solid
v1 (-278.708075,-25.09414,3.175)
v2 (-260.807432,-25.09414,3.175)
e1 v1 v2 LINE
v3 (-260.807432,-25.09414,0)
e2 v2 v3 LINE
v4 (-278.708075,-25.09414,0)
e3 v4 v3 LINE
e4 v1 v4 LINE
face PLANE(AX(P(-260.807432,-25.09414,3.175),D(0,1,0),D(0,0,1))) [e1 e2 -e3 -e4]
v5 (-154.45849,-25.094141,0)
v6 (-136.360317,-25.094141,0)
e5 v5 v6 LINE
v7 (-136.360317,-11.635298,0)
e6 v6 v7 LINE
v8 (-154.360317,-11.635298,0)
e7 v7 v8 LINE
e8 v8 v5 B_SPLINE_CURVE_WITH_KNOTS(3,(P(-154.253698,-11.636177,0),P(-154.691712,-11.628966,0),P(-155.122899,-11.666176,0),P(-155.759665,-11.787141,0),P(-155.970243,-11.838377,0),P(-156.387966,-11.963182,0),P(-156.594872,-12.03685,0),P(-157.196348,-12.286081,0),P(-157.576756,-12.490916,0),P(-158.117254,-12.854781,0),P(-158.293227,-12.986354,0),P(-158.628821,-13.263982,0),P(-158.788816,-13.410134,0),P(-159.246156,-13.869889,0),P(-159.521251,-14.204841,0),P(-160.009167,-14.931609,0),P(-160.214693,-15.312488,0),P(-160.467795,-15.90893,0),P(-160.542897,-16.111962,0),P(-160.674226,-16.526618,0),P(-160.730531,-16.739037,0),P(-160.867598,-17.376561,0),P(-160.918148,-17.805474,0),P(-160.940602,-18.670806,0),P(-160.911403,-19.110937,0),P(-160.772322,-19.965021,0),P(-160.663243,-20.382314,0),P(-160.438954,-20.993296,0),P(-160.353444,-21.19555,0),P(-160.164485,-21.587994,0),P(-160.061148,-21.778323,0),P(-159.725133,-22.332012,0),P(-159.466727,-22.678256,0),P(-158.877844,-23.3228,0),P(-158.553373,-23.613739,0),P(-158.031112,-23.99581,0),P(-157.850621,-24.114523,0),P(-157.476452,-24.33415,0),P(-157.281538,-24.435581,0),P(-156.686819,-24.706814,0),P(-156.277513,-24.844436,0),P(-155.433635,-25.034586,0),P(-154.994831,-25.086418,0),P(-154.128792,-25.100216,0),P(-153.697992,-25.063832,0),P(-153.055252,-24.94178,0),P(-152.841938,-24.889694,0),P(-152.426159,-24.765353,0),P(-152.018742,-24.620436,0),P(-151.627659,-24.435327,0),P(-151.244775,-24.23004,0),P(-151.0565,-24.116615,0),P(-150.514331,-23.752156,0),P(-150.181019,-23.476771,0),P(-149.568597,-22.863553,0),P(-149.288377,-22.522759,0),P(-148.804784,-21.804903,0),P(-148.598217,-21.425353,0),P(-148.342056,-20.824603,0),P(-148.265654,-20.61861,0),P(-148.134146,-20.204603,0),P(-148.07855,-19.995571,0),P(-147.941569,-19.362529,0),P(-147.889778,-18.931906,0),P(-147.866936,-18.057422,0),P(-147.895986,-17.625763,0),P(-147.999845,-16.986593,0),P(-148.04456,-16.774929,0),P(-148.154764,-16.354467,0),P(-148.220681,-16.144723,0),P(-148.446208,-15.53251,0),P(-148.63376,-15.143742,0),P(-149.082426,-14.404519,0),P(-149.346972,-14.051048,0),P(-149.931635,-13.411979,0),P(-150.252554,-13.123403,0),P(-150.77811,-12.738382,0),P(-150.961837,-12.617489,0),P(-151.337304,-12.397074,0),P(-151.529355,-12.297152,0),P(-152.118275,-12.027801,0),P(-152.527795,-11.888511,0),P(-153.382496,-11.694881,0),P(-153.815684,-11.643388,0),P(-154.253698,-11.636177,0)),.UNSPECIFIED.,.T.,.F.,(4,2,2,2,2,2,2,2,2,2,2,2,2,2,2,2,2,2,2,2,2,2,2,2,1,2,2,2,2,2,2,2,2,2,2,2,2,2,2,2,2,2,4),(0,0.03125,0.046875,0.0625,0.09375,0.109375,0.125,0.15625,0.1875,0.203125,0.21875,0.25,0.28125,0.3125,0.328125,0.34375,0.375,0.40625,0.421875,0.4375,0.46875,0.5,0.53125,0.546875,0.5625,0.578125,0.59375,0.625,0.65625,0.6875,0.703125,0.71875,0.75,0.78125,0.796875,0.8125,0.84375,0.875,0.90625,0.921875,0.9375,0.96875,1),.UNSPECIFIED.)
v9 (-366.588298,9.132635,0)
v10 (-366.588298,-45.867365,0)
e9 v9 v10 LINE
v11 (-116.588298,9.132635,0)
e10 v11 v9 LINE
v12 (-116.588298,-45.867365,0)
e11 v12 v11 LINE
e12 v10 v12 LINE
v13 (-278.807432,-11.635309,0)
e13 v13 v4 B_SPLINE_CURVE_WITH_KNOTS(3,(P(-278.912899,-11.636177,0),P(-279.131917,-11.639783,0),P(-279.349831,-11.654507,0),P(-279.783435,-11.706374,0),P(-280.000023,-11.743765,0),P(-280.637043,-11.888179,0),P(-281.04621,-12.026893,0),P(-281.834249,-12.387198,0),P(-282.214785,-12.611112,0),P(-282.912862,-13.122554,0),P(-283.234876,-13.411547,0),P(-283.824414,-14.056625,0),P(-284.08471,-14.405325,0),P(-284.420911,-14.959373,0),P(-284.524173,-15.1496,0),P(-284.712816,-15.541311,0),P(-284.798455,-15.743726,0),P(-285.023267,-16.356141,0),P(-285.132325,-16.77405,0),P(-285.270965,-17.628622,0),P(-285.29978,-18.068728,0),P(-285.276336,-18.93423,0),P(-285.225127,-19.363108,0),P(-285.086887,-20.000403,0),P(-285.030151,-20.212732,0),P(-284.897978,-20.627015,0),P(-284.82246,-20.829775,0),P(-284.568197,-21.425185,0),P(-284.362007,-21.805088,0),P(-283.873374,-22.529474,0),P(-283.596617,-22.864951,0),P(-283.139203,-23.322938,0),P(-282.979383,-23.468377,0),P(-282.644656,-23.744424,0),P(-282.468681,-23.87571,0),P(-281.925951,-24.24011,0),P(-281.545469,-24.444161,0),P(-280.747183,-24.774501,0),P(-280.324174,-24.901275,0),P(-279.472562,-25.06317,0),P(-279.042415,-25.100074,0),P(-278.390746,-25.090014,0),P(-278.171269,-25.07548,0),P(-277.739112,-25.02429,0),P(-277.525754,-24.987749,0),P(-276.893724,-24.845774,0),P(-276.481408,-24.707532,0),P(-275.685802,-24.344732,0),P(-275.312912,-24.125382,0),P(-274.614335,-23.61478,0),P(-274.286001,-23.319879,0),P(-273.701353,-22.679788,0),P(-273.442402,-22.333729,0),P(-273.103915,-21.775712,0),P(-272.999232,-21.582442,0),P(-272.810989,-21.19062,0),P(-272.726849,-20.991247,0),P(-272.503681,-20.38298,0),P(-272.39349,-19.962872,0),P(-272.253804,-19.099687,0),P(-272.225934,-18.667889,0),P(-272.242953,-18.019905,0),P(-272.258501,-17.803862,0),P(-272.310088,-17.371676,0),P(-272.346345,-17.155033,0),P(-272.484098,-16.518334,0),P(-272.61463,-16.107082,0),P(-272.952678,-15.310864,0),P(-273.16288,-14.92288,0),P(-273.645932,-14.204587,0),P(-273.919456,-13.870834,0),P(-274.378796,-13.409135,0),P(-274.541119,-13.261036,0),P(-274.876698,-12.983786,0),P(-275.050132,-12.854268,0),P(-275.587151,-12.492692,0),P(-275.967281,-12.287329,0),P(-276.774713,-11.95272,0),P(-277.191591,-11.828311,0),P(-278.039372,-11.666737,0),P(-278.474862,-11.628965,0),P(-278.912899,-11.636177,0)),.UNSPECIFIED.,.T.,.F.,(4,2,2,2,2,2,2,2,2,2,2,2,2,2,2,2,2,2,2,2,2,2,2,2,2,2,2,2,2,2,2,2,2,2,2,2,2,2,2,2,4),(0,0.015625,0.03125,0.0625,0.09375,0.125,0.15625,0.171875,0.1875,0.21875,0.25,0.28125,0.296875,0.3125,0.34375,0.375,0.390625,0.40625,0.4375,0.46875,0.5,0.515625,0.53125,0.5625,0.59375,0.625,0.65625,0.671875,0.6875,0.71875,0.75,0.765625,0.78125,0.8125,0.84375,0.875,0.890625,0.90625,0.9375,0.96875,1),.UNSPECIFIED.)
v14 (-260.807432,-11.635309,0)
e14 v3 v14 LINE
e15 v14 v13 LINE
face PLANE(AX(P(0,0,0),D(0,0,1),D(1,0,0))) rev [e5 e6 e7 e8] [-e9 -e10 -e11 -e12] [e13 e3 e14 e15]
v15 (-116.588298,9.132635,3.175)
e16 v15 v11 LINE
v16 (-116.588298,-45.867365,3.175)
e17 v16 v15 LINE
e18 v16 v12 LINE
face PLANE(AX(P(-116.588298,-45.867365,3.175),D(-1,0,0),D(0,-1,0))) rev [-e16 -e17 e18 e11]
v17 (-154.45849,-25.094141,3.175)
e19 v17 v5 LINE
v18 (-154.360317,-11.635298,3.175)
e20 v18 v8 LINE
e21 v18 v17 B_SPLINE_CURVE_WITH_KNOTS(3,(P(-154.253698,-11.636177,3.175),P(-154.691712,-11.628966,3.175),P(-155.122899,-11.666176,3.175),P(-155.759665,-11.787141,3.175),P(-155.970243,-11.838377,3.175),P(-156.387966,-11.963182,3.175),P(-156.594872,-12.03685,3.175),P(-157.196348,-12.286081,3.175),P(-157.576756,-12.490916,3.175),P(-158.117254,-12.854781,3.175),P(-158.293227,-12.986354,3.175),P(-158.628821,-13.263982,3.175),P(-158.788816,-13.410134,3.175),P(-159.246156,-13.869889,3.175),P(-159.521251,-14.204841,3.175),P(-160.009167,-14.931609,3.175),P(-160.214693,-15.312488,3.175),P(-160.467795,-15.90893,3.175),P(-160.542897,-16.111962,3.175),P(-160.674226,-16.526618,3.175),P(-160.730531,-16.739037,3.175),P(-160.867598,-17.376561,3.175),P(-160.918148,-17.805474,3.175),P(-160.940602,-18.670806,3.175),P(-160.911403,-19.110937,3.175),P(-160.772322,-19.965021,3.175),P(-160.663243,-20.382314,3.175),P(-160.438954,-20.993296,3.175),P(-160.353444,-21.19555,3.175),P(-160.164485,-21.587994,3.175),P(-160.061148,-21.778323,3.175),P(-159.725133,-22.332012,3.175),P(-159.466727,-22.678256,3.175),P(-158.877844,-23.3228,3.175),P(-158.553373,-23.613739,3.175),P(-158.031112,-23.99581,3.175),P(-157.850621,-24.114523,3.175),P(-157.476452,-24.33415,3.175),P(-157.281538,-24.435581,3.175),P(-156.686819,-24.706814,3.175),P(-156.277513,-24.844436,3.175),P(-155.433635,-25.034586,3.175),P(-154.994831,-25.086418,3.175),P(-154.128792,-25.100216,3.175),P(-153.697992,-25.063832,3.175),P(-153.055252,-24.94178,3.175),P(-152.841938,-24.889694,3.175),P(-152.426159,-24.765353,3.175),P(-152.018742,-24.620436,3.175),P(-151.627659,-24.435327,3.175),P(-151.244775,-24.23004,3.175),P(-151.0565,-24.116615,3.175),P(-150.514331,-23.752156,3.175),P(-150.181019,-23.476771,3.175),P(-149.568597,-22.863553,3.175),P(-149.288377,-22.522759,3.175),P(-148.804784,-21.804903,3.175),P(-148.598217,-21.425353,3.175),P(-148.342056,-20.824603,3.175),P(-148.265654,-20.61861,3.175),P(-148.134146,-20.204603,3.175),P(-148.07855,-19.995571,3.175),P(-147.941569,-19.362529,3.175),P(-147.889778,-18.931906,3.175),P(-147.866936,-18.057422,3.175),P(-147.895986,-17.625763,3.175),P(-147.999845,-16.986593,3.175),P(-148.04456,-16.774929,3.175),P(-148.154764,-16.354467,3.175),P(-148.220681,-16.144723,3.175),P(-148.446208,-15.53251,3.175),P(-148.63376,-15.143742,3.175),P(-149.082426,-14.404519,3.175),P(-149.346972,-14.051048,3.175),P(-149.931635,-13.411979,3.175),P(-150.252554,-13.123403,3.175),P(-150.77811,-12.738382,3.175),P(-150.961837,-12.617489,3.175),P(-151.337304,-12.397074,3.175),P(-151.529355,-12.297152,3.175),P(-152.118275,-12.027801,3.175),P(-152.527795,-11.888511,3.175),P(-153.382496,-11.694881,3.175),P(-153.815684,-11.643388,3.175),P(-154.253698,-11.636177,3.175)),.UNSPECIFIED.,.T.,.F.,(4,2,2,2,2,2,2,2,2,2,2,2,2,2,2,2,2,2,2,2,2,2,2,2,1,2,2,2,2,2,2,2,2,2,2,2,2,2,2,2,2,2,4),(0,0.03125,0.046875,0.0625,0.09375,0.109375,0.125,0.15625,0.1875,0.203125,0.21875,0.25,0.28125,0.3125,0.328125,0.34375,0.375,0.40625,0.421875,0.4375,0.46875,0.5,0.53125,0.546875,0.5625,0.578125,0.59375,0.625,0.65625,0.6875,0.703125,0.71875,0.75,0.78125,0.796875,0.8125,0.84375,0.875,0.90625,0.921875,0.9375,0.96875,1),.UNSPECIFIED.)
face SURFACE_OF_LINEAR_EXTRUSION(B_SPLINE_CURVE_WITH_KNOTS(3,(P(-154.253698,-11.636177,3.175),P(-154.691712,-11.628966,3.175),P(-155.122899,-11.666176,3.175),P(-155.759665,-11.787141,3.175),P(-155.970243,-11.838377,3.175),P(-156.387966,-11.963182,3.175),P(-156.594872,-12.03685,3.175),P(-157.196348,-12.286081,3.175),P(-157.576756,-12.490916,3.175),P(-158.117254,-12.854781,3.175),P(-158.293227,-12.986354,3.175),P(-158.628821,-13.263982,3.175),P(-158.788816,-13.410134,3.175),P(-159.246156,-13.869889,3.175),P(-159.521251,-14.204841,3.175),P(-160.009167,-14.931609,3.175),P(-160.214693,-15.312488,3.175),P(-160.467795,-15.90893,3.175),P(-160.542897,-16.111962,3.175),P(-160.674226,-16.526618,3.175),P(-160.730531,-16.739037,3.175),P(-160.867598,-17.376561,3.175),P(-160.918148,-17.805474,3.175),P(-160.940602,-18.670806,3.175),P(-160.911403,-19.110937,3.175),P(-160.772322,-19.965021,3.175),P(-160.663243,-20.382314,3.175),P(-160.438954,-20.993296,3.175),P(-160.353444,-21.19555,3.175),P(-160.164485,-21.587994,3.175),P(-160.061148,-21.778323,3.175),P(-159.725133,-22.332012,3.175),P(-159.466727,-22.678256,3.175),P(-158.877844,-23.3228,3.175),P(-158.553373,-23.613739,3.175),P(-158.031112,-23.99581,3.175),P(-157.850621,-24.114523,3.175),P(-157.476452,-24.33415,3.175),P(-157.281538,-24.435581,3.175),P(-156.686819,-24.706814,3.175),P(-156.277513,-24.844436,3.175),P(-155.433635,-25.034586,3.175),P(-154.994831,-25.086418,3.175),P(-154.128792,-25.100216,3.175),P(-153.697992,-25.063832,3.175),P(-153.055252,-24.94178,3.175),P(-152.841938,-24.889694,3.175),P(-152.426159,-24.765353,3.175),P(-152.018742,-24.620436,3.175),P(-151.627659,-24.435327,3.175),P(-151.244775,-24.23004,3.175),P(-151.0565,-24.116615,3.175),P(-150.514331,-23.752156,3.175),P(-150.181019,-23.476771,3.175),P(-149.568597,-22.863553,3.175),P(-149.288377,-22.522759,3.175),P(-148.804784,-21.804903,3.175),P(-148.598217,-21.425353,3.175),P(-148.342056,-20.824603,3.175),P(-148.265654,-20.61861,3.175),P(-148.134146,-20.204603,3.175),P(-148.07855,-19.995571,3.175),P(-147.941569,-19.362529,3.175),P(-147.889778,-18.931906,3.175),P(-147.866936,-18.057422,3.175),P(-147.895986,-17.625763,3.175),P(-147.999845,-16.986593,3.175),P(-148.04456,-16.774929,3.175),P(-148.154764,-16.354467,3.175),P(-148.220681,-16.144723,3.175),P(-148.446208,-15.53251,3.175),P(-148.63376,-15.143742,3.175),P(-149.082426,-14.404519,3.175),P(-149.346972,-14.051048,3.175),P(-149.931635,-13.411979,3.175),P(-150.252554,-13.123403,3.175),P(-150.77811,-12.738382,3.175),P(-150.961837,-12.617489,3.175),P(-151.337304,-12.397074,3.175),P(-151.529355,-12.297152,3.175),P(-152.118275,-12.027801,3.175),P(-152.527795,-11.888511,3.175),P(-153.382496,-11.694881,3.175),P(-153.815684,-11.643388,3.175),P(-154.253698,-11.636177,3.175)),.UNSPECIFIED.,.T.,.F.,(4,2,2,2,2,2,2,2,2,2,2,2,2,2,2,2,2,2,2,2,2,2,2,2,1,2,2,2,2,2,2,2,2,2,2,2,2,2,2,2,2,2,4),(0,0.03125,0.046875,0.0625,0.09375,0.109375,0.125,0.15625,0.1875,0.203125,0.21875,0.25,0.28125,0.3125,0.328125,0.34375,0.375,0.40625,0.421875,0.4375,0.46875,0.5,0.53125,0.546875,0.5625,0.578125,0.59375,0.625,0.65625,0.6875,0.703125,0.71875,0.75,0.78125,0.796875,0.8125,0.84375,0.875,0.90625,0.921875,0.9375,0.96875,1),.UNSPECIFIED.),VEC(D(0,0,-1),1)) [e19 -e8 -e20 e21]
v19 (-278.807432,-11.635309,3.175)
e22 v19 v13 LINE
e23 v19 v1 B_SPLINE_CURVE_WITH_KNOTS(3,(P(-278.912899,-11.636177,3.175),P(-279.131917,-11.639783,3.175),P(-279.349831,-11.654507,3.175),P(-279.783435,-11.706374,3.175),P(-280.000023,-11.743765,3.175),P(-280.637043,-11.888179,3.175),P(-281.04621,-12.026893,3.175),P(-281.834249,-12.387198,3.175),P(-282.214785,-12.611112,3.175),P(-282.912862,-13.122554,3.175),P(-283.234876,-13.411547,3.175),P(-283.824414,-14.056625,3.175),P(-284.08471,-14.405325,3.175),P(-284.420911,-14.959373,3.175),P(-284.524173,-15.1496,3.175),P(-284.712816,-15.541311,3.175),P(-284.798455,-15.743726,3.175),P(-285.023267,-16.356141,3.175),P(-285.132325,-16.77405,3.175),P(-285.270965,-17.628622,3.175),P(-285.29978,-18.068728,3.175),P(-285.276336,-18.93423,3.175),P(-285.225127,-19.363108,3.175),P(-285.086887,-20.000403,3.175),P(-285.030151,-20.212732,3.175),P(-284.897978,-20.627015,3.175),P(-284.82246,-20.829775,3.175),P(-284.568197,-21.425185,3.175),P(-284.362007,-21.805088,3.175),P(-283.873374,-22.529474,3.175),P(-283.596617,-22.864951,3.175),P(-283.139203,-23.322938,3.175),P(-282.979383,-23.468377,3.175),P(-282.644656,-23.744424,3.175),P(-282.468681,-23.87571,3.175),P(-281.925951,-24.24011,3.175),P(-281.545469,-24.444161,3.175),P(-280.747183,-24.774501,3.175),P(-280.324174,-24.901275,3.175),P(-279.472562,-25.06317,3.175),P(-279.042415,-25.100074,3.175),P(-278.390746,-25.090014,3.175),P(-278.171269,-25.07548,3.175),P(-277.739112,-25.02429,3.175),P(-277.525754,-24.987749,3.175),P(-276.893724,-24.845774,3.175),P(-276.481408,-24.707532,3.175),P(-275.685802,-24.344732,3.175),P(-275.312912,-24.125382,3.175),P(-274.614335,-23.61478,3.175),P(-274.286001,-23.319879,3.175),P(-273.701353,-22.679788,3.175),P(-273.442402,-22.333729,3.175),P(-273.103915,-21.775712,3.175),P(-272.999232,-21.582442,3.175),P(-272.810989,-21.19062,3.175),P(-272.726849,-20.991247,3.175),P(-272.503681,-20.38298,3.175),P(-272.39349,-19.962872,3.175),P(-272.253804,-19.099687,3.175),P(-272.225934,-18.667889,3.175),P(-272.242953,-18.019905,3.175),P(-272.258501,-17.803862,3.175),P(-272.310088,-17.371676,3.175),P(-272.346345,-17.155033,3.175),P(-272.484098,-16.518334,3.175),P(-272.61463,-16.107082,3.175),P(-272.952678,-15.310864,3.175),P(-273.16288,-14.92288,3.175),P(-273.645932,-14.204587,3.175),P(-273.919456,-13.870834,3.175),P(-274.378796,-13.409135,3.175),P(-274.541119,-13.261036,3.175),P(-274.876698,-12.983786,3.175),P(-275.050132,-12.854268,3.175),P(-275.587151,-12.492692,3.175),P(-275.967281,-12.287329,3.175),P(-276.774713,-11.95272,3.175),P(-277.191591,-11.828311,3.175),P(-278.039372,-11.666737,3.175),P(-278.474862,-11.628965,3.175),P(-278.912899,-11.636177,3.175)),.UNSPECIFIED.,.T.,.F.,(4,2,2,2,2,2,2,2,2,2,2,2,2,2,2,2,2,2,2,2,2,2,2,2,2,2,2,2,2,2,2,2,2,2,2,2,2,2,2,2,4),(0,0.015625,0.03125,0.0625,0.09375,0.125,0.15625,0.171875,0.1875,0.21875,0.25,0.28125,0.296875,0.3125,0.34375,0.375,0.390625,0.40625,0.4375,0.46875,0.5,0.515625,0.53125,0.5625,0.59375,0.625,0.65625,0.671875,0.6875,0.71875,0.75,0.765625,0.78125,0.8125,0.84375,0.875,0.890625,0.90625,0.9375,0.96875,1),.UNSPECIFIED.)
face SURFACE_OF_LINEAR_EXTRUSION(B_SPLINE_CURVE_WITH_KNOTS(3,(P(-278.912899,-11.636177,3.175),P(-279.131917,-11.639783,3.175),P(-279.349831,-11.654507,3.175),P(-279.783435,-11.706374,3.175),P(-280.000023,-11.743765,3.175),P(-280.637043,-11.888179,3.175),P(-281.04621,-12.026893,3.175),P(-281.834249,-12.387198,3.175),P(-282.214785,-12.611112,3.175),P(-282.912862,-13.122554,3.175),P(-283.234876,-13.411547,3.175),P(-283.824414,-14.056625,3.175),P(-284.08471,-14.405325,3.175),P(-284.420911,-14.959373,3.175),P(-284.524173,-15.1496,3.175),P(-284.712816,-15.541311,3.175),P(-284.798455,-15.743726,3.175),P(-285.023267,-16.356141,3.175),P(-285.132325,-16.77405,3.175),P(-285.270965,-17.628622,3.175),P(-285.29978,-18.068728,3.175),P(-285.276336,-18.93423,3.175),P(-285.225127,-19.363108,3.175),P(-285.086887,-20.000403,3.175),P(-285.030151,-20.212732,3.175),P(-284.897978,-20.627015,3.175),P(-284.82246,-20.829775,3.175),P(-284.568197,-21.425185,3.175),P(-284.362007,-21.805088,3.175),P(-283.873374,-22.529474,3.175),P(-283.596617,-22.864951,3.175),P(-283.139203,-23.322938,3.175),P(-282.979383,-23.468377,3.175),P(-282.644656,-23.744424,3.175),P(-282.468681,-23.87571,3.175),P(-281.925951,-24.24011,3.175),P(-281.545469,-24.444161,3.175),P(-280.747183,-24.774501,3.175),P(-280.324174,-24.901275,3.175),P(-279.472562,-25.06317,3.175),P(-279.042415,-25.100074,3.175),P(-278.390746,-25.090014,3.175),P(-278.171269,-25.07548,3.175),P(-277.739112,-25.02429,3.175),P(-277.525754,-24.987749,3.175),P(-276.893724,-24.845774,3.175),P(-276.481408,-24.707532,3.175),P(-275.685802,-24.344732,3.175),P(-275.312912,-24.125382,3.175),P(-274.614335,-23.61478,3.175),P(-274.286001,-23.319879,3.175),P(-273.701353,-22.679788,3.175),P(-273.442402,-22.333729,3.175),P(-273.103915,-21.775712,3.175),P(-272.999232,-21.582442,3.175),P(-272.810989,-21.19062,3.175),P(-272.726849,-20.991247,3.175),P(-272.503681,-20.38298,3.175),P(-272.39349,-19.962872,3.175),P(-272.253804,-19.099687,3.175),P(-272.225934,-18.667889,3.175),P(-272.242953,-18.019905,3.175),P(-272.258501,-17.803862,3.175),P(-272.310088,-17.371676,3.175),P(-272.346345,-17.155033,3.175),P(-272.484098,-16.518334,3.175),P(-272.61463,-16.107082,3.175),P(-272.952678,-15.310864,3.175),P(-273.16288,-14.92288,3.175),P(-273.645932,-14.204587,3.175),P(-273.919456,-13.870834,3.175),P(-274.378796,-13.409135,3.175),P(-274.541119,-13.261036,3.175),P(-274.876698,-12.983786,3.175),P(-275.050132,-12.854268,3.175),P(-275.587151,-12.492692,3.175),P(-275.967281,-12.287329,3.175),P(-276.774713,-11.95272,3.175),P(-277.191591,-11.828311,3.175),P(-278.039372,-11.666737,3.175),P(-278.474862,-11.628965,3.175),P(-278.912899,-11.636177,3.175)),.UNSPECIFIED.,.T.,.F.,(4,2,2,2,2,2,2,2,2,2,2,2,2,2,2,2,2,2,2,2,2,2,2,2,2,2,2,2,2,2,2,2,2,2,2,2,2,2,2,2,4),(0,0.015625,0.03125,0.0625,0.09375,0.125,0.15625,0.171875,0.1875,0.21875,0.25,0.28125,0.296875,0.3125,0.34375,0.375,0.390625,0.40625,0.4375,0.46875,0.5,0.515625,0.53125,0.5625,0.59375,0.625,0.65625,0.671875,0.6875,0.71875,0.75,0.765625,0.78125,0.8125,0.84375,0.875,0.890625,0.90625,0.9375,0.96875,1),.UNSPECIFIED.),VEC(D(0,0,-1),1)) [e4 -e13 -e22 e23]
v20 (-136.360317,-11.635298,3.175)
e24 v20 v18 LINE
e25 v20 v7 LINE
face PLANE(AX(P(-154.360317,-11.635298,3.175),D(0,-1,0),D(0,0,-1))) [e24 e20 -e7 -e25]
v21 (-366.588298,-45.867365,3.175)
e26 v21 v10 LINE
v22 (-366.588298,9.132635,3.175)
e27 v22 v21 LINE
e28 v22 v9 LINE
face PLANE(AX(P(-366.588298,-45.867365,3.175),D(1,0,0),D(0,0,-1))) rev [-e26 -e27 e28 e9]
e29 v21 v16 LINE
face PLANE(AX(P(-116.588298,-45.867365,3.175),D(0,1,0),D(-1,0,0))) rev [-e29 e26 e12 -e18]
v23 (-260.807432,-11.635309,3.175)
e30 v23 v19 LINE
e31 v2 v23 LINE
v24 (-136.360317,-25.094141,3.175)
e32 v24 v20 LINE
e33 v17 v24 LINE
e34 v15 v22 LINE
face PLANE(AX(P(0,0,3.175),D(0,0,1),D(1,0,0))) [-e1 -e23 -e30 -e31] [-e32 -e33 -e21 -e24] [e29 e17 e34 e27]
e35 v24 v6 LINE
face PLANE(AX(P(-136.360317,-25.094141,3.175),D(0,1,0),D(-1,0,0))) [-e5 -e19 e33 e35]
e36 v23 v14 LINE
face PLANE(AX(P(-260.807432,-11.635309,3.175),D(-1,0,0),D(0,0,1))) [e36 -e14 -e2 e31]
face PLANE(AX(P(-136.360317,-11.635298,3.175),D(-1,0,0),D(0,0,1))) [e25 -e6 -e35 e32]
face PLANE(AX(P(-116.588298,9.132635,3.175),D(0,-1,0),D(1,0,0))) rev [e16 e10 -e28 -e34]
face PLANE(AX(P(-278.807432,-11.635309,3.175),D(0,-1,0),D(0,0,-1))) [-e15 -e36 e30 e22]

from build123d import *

# Parameters (mm, degrees)
SKETCH1_W           = 250
SKETCH1_H           = 55
BOSS_EXTRUDE1_DEPTH = 3.175


with BuildPart() as part:
    # Sketch1 → Boss-Extrude1 (new body)
    with BuildSketch(Plane.XY):
        with Locations((-241.58829827, -18.367364772)):
            Rectangle(SKETCH1_W, SKETCH1_H)
        with BuildLine():
            Line((-278.807431502, -11.635308713), (-260.807431502, -11.635308713))
            Line((-260.807431502, -11.635308713), (-260.807431502, -25.094140403))
            Line((-260.807431502, -25.094140403), (-278.708074604, -25.094140403))
            add(Edge.make_bspline(
                [(-278.807431502, -11.635308713), (-278.842567637, -11.635308713), (-278.877724877, -11.635597737), (-279.131916675, -11.639782512), (-279.34983121, -11.654506754), (-279.783435066, -11.706373741), (-280.000022761, -11.743764607), (-280.637043124, -11.888179154), (-281.046210232, -12.026893167), (-281.834248732, -12.387198003), (-282.214784616, -12.611112168), (-282.91286176, -13.122553874), (-283.23487643, -13.411547156), (-283.824414261, -14.056624874), (-284.084709523, -14.405325127), (-284.420910809, -14.959373126), (-284.524173104, -15.149599512), (-284.712815972, -15.541311056), (-284.798455074, -15.743725981), (-285.023266518, -16.356140938), (-285.132324707, -16.77404955), (-285.270965185, -17.628621863), (-285.299780117, -18.068728441), (-285.276335696, -18.934229846), (-285.225127225, -19.363108441), (-285.086887053, -20.000402626), (-285.030151101, -20.212732347), (-284.897978299, -20.627014671), (-284.822460465, -20.829775079), (-284.568196741, -21.425185334), (-284.362007249, -21.805088054), (-283.873373823, -22.529474489), (-283.596617119, -22.864951248), (-283.139203055, -23.322938066), (-282.979382751, -23.468376569), (-282.6446555, -23.744423912), (-282.468681353, -23.875710362), (-281.925950724, -24.240109672), (-281.545469248, -24.444161396), (-280.747183384, -24.774500883), (-280.324174276, -24.901275116), (-279.505292308, -25.056948004), (-279.108516523, -25.094140403), (-278.708074604, -25.094140403)],
                knots=[0.997490672, 0.997490672, 0.997490672, 0.997490672, 1, 1, 1.015625, 1.015625, 1.03125, 1.03125, 1.0625, 1.0625, 1.09375, 1.09375, 1.125, 1.125, 1.15625, 1.15625, 1.171875, 1.171875, 1.1875, 1.1875, 1.21875, 1.21875, 1.25, 1.25, 1.28125, 1.28125, 1.296875, 1.296875, 1.3125, 1.3125, 1.34375, 1.34375, 1.375, 1.375, 1.390625, 1.390625, 1.40625, 1.40625, 1.4375, 1.4375, 1.46875, 1.46875, 1.497597951, 1.497597951, 1.497597951, 1.497597951], degree=3))
        make_face(mode=Mode.SUBTRACT)
        with BuildLine():
            Line((-154.360316654, -11.635298321), (-136.360316654, -11.635298321))
            Line((-136.360316654, -11.635298321), (-136.360316654, -25.09414087))
            Line((-136.360316654, -25.09414087), (-154.458489548, -25.09414087))
            add(Edge.make_bspline(
                [(-154.360316654, -11.635298321), (-154.761727997, -11.635298321), (-155.157386504, -11.672727127), (-155.759665345, -11.787140661), (-155.970243269, -11.838376709), (-156.387966493, -11.963181969), (-156.594872022, -12.036850346), (-157.196347851, -12.28608082), (-157.576755859, -12.490915834), (-158.117253538, -12.854781423), (-158.293226627, -12.986353957), (-158.628820603, -13.263982392), (-158.788816486, -13.410133743), (-159.246155666, -13.869889244), (-159.521251185, -14.204841131), (-160.009167015, -14.931608928), (-160.214692704, -15.312488329), (-160.467795081, -15.908929825), (-160.542897196, -16.111961519), (-160.674225623, -16.52661774), (-160.730530769, -16.739037016), (-160.867597895, -17.37656092), (-160.918148194, -17.805473824), (-160.940601815, -18.670806399), (-160.911402505, -19.110937169), (-160.772322277, -19.965020543), (-160.663242958, -20.382313943), (-160.438953589, -20.993295919), (-160.353444122, -21.195550415), (-160.164485449, -21.587994273), (-160.061148171, -21.778323473), (-159.725133032, -22.332012421), (-159.46672666, -22.678256324), (-158.877844125, -23.322799834), (-158.553373423, -23.613738751), (-158.031112315, -23.995810431), (-157.850620858, -24.114523058), (-157.476451569, -24.334149523), (-157.281538298, -24.435580841), (-156.686819382, -24.706814458), (-156.277513308, -24.844436489), (-155.433635452, -25.034586177), (-154.994831316, -25.08641844), (-154.527357053, -25.093865983), (-154.492916253, -25.09414087), (-154.458489548, -25.09414087)],
                knots=[0.002538772, 0.002538772, 0.002538772, 0.002538772, 0.03125, 0.03125, 0.046875, 0.046875, 0.0625, 0.0625, 0.09375, 0.09375, 0.109375, 0.109375, 0.125, 0.125, 0.15625, 0.15625, 0.1875, 0.1875, 0.203125, 0.203125, 0.21875, 0.21875, 0.25, 0.25, 0.28125, 0.28125, 0.3125, 0.3125, 0.328125, 0.328125, 0.34375, 0.34375, 0.375, 0.375, 0.40625, 0.40625, 0.421875, 0.421875, 0.4375, 0.4375, 0.46875, 0.46875, 0.5, 0.5, 0.502486526, 0.502486526, 0.502486526, 0.502486526], degree=3))
        make_face(mode=Mode.SUBTRACT)
    extrude(amount=BOSS_EXTRUDE1_DEPTH)


solid = part.part
